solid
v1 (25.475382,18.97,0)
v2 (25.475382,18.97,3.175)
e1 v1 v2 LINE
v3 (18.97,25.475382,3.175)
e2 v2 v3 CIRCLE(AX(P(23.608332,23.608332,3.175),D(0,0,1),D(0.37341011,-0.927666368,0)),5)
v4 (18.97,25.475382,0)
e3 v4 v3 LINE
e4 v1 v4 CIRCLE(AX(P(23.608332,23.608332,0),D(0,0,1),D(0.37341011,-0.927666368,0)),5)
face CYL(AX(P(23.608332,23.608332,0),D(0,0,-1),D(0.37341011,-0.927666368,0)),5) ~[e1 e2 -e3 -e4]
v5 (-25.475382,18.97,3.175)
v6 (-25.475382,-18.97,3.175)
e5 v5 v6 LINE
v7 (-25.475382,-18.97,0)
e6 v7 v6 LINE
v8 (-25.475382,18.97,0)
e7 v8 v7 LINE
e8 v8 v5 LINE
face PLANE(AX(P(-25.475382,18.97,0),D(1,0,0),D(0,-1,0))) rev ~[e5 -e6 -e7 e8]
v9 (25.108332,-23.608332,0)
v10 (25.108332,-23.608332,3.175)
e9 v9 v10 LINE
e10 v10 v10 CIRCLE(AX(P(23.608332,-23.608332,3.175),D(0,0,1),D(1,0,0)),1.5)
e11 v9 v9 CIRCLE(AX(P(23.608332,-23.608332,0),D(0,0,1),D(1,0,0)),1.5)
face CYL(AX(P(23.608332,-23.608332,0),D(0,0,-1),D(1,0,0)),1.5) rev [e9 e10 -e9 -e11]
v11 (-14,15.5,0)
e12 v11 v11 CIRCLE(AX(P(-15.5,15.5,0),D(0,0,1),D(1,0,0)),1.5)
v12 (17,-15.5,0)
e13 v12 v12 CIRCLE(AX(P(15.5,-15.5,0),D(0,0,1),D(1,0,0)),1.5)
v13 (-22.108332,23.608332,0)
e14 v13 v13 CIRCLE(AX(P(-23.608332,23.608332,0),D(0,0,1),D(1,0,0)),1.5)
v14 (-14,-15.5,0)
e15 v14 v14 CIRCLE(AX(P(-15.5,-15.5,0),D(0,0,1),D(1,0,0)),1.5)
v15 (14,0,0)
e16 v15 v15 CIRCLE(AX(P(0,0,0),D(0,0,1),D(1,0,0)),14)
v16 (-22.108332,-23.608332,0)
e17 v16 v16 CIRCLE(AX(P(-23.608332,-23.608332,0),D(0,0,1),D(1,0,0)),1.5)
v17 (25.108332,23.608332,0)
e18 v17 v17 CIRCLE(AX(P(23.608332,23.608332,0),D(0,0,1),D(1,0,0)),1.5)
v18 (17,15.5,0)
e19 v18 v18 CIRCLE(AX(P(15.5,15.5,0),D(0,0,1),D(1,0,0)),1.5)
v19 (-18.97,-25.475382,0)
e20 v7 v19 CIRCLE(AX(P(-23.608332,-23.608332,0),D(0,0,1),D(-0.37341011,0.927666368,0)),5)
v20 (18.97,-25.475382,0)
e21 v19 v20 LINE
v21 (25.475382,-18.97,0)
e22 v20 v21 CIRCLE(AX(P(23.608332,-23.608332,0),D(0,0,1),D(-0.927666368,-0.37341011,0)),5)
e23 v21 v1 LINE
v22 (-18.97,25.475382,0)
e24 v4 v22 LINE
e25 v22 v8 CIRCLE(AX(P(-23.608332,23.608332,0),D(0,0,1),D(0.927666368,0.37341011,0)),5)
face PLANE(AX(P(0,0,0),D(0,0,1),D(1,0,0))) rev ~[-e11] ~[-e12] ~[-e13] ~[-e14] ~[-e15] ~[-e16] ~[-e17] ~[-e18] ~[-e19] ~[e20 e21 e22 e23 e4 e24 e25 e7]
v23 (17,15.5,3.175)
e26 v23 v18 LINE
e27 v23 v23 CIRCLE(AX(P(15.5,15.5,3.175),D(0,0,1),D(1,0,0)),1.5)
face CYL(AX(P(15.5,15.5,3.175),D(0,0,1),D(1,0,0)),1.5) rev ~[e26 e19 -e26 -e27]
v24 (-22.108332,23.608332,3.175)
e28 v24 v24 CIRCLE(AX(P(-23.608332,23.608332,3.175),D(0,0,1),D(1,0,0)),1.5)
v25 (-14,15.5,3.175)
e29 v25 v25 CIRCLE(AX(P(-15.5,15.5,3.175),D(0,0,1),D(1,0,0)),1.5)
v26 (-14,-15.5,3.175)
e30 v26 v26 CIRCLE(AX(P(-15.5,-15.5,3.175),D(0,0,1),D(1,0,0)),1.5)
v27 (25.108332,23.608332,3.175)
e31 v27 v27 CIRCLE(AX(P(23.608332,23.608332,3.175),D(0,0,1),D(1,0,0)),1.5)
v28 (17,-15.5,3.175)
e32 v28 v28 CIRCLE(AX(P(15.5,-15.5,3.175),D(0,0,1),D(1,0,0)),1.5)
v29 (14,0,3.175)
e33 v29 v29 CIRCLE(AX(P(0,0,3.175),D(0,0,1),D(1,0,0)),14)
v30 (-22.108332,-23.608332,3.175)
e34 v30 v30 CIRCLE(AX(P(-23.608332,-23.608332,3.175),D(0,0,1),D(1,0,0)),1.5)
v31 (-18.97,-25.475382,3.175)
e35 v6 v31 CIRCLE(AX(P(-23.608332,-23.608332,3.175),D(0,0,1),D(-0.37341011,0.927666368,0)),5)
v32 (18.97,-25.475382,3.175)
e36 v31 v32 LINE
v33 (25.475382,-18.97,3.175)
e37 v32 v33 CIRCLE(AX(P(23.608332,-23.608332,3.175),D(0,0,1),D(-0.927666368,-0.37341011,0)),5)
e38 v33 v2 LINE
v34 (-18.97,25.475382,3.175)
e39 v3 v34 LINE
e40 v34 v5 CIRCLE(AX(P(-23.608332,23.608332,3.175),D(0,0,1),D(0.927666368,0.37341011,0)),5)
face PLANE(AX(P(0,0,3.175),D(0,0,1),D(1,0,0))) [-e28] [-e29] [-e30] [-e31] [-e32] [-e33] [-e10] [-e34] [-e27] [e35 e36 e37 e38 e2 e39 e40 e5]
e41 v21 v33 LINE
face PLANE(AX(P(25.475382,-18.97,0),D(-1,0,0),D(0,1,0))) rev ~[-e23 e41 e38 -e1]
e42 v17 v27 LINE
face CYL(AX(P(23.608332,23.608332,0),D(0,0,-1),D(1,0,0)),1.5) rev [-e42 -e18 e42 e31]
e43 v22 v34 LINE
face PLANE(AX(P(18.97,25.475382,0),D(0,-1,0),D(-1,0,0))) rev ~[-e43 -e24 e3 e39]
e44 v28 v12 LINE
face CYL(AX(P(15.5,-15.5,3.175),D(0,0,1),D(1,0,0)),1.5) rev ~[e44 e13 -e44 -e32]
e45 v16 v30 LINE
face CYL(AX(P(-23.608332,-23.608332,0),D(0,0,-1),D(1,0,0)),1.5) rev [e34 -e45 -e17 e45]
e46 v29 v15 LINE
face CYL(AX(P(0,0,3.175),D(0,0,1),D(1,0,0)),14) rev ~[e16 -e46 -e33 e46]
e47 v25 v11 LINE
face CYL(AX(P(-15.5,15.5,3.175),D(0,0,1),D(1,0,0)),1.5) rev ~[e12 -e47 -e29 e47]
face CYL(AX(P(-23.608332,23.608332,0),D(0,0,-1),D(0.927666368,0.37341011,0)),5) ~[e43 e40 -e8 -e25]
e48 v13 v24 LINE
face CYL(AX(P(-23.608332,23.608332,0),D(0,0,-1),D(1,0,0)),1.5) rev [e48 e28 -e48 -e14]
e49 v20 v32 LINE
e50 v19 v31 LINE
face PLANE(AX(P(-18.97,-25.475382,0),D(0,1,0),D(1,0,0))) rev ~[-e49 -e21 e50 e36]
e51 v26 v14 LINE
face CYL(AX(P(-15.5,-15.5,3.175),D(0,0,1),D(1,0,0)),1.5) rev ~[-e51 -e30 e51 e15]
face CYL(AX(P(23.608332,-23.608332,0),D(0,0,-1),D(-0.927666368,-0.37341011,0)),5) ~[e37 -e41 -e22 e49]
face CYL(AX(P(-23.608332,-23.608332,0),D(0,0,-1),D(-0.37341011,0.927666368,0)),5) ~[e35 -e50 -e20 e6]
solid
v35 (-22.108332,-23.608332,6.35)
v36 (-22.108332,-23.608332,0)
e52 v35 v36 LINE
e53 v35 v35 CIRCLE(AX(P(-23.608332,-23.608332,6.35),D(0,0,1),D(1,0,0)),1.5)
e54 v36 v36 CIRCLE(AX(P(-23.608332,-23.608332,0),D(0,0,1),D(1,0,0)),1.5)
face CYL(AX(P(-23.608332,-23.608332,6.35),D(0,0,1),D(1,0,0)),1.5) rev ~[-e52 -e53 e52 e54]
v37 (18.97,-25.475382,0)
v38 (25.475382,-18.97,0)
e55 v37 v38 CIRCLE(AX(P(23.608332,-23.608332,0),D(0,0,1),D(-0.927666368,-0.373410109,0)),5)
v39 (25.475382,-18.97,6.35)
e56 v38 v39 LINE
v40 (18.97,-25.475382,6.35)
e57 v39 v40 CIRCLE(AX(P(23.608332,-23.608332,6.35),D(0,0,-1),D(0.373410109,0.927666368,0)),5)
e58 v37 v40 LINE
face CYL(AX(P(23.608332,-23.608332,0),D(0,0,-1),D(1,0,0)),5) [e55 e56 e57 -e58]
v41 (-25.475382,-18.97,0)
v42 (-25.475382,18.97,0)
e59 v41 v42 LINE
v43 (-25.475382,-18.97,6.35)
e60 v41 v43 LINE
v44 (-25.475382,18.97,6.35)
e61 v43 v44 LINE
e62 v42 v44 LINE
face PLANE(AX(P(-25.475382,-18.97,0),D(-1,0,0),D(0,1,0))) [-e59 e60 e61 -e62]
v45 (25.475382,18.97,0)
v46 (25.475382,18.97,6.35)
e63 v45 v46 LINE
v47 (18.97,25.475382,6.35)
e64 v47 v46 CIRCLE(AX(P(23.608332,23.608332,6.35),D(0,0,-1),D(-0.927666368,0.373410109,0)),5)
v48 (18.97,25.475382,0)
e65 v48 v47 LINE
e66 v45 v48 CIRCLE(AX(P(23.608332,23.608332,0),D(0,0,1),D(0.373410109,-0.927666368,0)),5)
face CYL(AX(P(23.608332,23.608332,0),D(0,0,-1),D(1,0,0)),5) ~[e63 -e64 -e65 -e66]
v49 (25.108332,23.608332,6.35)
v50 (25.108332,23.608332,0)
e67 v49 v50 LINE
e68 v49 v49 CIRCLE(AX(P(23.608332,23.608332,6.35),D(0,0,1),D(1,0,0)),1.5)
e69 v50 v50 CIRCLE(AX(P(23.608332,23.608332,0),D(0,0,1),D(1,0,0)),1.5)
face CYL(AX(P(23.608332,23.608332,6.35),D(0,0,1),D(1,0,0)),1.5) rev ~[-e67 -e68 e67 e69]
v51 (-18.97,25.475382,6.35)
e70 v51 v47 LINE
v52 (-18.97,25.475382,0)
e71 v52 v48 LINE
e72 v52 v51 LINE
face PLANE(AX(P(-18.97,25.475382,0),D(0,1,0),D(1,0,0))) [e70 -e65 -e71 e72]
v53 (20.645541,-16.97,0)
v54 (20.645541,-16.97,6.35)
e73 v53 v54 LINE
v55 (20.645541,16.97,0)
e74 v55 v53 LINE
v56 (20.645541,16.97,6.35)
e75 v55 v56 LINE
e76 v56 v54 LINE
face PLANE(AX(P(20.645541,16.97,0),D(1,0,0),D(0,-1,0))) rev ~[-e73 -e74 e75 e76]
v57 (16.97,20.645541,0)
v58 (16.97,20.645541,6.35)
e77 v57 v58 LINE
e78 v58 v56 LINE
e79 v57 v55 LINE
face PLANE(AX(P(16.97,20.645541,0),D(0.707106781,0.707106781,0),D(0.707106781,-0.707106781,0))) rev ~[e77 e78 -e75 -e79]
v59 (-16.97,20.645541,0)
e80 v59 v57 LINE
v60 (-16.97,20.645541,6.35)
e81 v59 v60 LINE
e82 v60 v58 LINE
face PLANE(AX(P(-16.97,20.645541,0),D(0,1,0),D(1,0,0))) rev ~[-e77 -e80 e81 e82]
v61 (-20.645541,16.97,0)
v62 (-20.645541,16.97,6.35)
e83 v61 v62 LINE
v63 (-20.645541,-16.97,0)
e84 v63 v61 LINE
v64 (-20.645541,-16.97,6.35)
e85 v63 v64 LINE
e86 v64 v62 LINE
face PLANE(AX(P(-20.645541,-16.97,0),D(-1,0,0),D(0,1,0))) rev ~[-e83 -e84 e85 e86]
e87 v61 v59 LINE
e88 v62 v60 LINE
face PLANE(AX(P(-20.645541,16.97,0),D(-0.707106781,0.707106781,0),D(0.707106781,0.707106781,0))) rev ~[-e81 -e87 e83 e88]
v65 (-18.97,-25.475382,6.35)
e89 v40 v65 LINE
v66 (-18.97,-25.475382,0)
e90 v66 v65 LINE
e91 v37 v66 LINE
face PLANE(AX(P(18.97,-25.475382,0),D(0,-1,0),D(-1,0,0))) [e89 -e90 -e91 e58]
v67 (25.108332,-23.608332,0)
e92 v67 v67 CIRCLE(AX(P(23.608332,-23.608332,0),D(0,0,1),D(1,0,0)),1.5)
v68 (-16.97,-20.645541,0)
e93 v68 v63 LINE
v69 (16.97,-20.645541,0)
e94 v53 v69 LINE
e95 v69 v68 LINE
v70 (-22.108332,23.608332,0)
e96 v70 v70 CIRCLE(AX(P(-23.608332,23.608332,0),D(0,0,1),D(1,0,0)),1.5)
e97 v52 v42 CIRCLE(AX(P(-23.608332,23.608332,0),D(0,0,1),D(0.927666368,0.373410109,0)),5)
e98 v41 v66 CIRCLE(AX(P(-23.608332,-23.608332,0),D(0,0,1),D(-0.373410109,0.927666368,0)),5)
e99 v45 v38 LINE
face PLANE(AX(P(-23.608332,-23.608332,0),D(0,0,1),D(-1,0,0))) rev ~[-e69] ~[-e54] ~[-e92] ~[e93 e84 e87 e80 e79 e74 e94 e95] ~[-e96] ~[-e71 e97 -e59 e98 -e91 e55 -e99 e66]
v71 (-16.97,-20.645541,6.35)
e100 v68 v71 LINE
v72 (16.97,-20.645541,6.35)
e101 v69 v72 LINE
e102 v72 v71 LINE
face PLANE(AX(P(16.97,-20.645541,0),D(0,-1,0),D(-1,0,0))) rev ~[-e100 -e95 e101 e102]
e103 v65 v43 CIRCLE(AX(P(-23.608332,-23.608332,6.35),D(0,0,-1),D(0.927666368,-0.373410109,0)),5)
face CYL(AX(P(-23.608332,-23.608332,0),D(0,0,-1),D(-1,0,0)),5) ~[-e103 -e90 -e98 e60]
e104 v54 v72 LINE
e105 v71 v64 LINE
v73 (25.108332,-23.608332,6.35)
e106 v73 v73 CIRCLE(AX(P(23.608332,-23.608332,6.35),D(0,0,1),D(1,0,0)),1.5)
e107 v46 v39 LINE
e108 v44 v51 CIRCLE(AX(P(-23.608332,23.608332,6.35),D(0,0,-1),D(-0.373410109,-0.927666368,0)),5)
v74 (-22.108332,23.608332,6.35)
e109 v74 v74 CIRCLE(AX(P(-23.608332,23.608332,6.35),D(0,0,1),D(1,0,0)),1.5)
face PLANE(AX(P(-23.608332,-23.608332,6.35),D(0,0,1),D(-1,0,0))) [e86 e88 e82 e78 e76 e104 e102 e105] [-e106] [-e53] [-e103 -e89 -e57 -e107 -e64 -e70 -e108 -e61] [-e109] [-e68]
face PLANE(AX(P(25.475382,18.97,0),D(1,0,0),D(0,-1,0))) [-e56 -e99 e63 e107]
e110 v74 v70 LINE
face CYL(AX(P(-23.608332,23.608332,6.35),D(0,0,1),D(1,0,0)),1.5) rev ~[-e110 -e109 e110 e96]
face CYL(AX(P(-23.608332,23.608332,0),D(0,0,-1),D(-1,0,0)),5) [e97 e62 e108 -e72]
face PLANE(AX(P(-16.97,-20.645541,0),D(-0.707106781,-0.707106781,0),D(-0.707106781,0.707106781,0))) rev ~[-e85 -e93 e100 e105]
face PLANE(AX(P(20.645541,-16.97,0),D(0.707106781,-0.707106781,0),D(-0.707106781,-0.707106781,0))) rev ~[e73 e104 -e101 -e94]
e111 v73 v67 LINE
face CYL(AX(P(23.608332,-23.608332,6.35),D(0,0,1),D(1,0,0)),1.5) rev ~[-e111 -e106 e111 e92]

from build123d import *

# Parameters (mm, degrees)
BOSS_EXTRU_2_DEPTH        = 6.35
ESQUISSE29_R              = 5
BOSS_EXTRU_3_DEPTH        = 6.35
SYM_TRIE2_COPY_1_SKETCH_R = 5
SYM_TRIE2_COPY_1_DEPTH    = 6.35
ESQUISSE30_R              = 1.5
ENL_V_MAT_EXTRU_1_DEPTH   = 41.953581056
ESQUISSE31_R              = 1.5
BOSS_EXTRU_4_DEPTH        = 3.175
ESQUISSE32_R              = 1.5
ESQUISSE32_R_2            = 14
ENL_V_MAT_EXTRU_2_DEPTH   = 41.582680127


with BuildPart() as part:
    # Esquisse28 → Boss.-Extru.2 (new body)
    with BuildSketch(Plane.XY):
        Polygon((-18.97, -25.475382387), (-25.475382387, -18.97), (-25.475382387, 18.97), (-18.97, 25.475382387), (18.97, 25.475382387), (25.475382387, 18.97), (25.475382387, -18.97), (18.97, -25.475382387), align=None)
        Polygon((-16.97, -20.645541049), (-20.645541049, -16.97), (-20.645541049, 16.97), (-16.97, 20.645541049), (16.97, 20.645541049), (20.645541049, 16.97), (20.645541049, -16.97), (16.97, -20.645541049), align=None, mode=Mode.SUBTRACT)
    extrude(amount=BOSS_EXTRU_2_DEPTH)

    # Esquisse29 → Boss.-Extru.3 (add)
    with BuildSketch(Plane.XY):
        with Locations((23.60833184, 23.60833184)):
            Circle(ESQUISSE29_R)
    boss_extru_3 = extrude(amount=BOSS_EXTRU_3_DEPTH)

    # Symétrie1: Boss.-Extru.3 across plane
    add(boss_extru_3.mirror(Plane(origin=(0, 0, 0), x_dir=(0, 0, 1), z_dir=(1, 0, 0))))

    # Symétrie2: Boss.-Extru.3 across plane
    add(boss_extru_3.mirror(Plane.ZX))

    # Symétrie2 copy 1 sketch → Symétrie2 copy 1 (add)
    with BuildSketch(Plane(origin=(0, 0, 0), x_dir=(-1, 0, 0), z_dir=(0, 0, 1))):
        with Locations((23.60833184, 23.60833184)):
            Circle(SYM_TRIE2_COPY_1_SKETCH_R)
    extrude(amount=SYM_TRIE2_COPY_1_DEPTH)

    # Esquisse30 → Enlèv. mat.-Extru.1 (cut, through all)
    with BuildSketch(Plane.XY.offset(6.35)):
        with Locations((-23.60833184, 23.60833184)):
            Circle(ESQUISSE30_R)
        with Locations((23.60833184, 23.60833184)):
            Circle(ESQUISSE30_R)
        with Locations((23.60833184, -23.60833184)):
            Circle(ESQUISSE30_R)
        with Locations((-23.60833184, -23.60833184)):
            Circle(ESQUISSE30_R)
    extrude(amount=-ENL_V_MAT_EXTRU_1_DEPTH, mode=Mode.SUBTRACT)


with BuildPart() as body_2:
    # Esquisse31 → Boss.-Extru.4 (new body)
    with BuildSketch(Plane.XY):
        with BuildLine():
            Line((-18.97, -25.475382387), (18.97, -25.475382387))
            ThreePointArc((18.97, -25.475382387), (27.143865745, -27.143865745), (25.475382387, -18.97))
            Line((25.475382387, -18.97), (25.475382387, 18.97))
            ThreePointArc((25.475382387, 18.97), (27.143865745, 27.143865745), (18.97, 25.475382387))
            Line((18.97, 25.475382387), (-18.97, 25.475382387))
            ThreePointArc((-18.97, 25.475382387), (-27.143865745, 27.143865745), (-25.475382387, 18.97))
            Line((-25.475382387, 18.97), (-25.475382387, -18.97))
            ThreePointArc((-25.475382387, -18.97), (-27.143865745, -27.143865745), (-18.97, -25.475382387))
        make_face()
        with Locations((23.60833184, 23.60833184)):
            Circle(ESQUISSE31_R, mode=Mode.SUBTRACT)
        with Locations((-23.60833184, 23.60833184)):
            Circle(ESQUISSE31_R, mode=Mode.SUBTRACT)
        with Locations((-23.60833184, -23.60833184)):
            Circle(ESQUISSE31_R, mode=Mode.SUBTRACT)
        with Locations((23.60833184, -23.60833184)):
            Circle(ESQUISSE31_R, mode=Mode.SUBTRACT)
    extrude(amount=BOSS_EXTRU_4_DEPTH)

    # Esquisse32 → Enlèv. mat.-Extru.2 (cut, through all)
    with BuildSketch(Plane.XY.offset(3.175)):
        with Locations((-15.5, -15.5)):
            Circle(ESQUISSE32_R)
        with Locations((15.5, -15.5)):
            Circle(ESQUISSE32_R)
        with Locations((15.5, 15.5)):
            Circle(ESQUISSE32_R)
        with Locations((-15.5, 15.5)):
            Circle(ESQUISSE32_R)
        Circle(ESQUISSE32_R_2)
    extrude(amount=-ENL_V_MAT_EXTRU_2_DEPTH, mode=Mode.SUBTRACT)


solid = Compound([part.part, body_2.part])
